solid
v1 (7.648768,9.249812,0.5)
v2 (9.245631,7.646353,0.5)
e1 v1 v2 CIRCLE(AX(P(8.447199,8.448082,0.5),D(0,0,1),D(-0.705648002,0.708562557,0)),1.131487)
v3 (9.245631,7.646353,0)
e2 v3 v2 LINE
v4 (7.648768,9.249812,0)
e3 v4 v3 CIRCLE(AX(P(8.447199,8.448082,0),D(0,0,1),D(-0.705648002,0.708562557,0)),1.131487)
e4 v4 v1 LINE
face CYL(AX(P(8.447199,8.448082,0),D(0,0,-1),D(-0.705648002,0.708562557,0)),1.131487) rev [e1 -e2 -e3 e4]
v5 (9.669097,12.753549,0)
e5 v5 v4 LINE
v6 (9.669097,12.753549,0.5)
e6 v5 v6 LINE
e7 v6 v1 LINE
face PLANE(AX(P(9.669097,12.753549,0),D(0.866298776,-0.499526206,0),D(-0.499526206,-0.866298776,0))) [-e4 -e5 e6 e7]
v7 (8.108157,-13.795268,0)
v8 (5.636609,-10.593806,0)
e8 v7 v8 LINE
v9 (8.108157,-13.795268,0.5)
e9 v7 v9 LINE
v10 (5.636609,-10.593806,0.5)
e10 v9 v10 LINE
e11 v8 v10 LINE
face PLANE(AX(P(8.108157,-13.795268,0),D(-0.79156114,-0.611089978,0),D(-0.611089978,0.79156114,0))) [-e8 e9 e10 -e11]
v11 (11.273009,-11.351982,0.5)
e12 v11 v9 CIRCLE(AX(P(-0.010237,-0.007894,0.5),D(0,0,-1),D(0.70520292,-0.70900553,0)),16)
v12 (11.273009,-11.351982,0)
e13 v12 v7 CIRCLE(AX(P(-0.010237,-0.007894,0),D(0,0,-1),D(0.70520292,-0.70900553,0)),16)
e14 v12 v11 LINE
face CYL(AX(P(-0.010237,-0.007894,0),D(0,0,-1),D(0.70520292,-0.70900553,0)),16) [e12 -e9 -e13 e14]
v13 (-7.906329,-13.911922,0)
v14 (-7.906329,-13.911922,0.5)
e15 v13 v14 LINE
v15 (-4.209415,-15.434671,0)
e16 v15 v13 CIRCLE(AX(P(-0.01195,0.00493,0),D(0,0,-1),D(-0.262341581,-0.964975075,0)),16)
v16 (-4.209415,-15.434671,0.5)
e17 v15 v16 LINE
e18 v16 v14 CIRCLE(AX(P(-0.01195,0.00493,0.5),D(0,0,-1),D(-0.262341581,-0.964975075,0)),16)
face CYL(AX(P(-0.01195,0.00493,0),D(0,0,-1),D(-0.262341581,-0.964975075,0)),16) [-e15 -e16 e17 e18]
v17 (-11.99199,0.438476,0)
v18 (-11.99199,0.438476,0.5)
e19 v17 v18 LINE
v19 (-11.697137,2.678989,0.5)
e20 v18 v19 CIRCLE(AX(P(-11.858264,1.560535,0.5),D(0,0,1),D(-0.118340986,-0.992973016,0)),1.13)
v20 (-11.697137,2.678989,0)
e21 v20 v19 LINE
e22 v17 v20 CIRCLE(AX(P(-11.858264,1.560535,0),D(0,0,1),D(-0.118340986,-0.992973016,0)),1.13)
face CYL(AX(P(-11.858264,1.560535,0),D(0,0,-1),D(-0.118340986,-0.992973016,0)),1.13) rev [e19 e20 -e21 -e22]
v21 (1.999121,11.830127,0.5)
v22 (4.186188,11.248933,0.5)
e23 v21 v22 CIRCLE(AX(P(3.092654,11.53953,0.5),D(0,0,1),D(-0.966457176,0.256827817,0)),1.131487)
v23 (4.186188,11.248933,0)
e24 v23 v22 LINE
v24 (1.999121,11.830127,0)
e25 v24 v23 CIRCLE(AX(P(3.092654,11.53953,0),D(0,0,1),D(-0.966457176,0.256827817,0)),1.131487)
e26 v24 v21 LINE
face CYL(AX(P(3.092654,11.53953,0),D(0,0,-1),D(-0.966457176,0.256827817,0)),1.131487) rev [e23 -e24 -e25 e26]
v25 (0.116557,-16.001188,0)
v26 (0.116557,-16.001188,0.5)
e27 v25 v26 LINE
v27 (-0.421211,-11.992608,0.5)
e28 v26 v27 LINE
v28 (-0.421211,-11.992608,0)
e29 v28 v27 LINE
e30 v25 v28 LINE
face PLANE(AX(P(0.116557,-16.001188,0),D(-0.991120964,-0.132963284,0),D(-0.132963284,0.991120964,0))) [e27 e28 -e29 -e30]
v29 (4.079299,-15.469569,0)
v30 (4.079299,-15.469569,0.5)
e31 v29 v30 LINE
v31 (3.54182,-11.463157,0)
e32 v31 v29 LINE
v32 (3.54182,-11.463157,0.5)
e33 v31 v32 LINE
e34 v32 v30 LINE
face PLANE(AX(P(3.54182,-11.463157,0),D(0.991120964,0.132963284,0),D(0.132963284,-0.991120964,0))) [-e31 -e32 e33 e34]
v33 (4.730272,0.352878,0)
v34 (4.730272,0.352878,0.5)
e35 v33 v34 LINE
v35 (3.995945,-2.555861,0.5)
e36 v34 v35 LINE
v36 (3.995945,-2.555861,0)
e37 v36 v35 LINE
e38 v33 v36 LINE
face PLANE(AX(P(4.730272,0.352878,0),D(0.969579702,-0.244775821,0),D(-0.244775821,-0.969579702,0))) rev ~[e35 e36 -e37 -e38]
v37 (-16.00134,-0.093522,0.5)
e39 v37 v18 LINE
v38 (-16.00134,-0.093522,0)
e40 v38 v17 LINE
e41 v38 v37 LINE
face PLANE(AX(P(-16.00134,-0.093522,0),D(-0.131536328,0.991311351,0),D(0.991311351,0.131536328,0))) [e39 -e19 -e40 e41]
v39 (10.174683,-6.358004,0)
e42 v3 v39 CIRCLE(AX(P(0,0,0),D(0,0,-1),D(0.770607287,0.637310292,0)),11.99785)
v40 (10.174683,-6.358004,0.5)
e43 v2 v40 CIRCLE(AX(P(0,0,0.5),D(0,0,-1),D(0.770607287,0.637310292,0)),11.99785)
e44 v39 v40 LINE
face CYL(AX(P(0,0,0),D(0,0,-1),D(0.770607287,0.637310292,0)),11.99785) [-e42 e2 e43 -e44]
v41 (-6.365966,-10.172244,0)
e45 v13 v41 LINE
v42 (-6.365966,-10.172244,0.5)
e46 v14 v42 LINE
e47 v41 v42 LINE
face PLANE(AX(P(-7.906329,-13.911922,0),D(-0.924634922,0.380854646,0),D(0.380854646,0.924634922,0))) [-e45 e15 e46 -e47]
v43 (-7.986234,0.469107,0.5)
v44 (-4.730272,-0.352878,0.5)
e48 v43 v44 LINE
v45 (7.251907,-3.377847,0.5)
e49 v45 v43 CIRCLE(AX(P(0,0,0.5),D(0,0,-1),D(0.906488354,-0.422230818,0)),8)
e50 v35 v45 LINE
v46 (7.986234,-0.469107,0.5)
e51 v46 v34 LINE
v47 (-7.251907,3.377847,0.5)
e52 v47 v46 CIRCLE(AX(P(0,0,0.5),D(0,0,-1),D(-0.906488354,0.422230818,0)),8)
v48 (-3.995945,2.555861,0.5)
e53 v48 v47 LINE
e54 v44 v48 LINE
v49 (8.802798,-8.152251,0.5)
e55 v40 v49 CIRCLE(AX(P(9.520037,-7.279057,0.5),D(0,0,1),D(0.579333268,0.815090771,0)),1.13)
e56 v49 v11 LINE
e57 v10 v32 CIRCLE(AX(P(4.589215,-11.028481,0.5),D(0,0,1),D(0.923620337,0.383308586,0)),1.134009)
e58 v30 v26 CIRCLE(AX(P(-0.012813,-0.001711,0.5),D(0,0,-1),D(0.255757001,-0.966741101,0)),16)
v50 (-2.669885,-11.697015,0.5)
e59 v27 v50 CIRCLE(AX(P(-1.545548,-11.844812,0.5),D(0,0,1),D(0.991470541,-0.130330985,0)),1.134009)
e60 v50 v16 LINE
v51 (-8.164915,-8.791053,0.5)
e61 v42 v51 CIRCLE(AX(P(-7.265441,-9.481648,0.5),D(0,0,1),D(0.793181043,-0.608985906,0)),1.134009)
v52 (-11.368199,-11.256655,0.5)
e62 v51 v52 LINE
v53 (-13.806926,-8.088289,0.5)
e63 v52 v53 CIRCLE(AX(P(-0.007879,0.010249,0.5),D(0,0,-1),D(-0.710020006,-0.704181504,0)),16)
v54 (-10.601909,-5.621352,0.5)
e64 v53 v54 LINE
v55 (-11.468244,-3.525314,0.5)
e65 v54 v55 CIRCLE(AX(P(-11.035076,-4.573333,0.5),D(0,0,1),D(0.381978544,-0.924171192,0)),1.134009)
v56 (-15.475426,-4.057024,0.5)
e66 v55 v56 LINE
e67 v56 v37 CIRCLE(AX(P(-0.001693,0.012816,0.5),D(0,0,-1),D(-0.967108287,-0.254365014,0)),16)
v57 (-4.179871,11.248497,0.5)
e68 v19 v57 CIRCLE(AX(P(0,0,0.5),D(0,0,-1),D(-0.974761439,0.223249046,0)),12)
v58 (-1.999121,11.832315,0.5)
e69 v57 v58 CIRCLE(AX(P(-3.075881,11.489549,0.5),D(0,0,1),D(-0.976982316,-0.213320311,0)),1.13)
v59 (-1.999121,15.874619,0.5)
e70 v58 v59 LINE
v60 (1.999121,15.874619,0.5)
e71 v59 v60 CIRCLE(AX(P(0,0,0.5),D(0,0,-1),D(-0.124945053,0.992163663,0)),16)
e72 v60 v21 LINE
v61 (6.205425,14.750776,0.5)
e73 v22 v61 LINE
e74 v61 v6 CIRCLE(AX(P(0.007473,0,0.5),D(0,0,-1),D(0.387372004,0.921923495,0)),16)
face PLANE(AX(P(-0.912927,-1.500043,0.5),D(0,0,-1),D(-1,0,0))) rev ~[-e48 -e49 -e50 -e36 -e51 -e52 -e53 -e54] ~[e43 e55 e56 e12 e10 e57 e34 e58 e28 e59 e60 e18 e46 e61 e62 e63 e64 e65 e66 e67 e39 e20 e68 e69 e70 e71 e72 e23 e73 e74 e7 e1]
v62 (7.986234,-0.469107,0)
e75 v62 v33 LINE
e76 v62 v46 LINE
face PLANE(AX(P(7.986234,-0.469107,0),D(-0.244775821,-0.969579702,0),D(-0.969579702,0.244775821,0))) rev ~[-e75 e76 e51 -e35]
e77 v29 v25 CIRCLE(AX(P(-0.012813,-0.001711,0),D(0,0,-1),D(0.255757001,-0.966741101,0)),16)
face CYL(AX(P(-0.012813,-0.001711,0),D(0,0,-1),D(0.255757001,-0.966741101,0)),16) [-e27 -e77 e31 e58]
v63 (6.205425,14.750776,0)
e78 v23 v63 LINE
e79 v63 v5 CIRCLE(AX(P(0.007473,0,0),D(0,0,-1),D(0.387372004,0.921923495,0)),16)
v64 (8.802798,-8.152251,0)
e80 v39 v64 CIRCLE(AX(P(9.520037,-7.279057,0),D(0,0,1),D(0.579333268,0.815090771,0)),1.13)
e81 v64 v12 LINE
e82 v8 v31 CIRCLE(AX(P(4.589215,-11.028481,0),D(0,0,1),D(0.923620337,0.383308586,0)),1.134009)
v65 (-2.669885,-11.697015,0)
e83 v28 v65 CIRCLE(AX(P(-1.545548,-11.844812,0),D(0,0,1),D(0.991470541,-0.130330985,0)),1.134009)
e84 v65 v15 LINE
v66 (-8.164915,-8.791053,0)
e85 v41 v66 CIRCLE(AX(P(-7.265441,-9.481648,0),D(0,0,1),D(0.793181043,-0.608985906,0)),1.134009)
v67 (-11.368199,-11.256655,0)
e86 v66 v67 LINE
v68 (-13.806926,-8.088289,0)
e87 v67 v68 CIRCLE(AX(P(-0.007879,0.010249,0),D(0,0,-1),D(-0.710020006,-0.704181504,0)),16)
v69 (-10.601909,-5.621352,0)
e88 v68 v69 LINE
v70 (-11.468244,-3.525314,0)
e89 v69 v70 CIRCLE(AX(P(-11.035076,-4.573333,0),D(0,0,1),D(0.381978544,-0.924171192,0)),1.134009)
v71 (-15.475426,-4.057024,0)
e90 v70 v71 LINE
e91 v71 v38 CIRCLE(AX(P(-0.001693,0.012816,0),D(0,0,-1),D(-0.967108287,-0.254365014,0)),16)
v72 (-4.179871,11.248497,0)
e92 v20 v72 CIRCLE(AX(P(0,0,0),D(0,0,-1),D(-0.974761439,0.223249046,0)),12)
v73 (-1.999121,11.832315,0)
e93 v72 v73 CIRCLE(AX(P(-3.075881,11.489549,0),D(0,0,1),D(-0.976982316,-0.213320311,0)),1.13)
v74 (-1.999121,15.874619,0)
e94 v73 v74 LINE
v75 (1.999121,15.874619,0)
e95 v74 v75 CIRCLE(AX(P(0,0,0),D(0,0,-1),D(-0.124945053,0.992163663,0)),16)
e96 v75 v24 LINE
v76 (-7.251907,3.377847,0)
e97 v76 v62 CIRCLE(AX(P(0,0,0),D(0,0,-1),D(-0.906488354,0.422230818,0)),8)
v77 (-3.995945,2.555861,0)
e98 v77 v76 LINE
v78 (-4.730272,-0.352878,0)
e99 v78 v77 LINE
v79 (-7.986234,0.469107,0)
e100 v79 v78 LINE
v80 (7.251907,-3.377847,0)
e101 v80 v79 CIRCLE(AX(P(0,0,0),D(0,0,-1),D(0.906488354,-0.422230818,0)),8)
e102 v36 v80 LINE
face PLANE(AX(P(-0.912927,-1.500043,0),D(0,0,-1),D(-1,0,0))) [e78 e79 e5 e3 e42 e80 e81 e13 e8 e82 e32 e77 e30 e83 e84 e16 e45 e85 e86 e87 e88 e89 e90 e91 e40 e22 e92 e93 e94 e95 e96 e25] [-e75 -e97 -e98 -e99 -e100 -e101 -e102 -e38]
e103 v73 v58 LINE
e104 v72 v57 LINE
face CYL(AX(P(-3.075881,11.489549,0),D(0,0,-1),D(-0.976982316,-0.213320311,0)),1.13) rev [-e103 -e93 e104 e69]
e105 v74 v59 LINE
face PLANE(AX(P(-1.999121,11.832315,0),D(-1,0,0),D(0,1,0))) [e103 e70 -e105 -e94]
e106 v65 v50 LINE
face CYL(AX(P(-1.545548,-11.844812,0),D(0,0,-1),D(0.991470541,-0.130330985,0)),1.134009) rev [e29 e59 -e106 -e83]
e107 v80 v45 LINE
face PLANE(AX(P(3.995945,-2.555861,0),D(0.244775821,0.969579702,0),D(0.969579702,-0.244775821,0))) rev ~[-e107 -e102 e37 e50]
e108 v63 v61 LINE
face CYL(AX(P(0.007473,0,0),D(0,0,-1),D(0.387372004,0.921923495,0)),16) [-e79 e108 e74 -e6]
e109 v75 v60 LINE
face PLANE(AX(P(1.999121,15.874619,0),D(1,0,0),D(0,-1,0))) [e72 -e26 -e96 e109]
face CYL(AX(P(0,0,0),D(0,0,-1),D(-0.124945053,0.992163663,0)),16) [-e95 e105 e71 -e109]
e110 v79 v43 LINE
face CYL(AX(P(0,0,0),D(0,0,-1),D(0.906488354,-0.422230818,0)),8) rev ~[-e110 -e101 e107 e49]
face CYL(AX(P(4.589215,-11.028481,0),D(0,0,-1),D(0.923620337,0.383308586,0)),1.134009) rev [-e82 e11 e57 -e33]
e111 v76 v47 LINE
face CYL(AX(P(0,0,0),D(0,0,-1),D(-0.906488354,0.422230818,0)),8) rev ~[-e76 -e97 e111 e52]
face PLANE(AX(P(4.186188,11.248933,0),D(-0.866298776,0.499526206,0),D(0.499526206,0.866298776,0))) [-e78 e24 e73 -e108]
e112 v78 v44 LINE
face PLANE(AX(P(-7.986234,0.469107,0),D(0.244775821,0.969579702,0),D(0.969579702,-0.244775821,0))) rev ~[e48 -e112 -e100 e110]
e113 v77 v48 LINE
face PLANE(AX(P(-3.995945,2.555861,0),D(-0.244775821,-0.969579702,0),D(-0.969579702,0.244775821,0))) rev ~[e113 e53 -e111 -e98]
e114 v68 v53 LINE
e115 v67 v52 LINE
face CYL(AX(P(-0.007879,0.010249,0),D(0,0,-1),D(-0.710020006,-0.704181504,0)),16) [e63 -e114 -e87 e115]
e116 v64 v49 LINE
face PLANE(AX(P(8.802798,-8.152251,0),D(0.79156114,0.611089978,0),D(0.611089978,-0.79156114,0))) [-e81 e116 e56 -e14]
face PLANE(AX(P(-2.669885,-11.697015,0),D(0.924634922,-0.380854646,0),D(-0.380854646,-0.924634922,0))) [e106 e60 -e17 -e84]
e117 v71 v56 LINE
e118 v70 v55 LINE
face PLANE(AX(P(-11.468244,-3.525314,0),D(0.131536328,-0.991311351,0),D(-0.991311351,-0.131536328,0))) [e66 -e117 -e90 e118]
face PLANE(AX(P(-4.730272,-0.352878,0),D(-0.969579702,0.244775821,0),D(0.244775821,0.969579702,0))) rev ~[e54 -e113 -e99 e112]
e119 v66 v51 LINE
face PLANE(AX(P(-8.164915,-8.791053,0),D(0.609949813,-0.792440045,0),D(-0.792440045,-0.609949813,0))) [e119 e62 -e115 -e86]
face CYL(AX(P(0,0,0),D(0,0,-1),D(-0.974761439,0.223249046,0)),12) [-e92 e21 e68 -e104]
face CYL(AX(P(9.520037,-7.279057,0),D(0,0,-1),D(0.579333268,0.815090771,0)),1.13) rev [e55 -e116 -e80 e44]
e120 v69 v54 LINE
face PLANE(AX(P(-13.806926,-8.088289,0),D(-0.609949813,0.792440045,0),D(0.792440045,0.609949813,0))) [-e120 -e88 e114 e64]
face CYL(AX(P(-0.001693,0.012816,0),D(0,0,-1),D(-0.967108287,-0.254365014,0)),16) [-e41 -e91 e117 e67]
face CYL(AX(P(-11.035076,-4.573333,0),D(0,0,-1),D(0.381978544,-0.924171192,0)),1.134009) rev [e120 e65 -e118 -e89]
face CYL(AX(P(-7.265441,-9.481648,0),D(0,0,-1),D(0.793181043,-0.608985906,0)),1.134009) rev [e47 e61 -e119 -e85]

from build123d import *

# Parameters (mm, degrees)
EXTRUSION1_DEPTH = 0.5


with BuildPart() as part:
    # Esquisse1 → Extrusion1 (new body)
    with BuildSketch(Plane.XY):
        with BuildLine():
            Line((1.99912085, 15.874618604), (1.99912085, 11.830127492))
            ThreePointArc((1.99912085, 11.830127492), (2.802057184, 10.445996528), (4.186188149, 11.248932862))
            Line((4.186188149, 11.248932862), (6.205424959, 14.750775921))
            ThreePointArc((6.205424959, 14.750775921), (7.999892198, 13.860780417), (9.669096851, 12.753549413))
            Line((9.669096851, 12.753549413), (7.648767549, 9.249811713))
            ThreePointArc((7.648767549, 9.249811713), (7.645469769, 7.649650968), (9.245630513, 7.646353187))
            ThreePointArc((9.245630513, 7.646353187), (11.971535209, 0.794194802), (10.174683291, -6.358004449))
            ThreePointArc((10.174683291, -6.358004449), (8.622367496, -6.592697054), (8.80279787, -8.152251421))
            Line((8.80279787, -8.152251421), (11.27300937, -11.35198223))
            ThreePointArc((11.27300937, -11.35198223), (9.767202306, -12.672871988), (8.108156612, -13.795267665))
            Line((8.108156612, -13.795267665), (5.636608626, -10.593805669))
            ThreePointArc((5.636608626, -10.593805669), (4.154539047, -9.981087108), (3.541820486, -11.463156687))
            Line((3.541820486, -11.463156687), (4.079298509, -15.469568982))
            ThreePointArc((4.079298509, -15.469568982), (2.114599048, -15.859646786), (0.116557342, -16.00118833))
            Line((0.116557342, -16.00118833), (-0.42121148, -11.9926084))
            ThreePointArc((-0.42121148, -11.9926084), (-1.397751762, -10.720475015), (-2.669885147, -11.697015298))
            Line((-2.669885147, -11.697015298), (-4.209415427, -15.434670796))
            ThreePointArc((-4.209415427, -15.434670796), (-6.105624465, -14.78922835), (-7.906329329, -13.91192187))
            Line((-7.906329329, -13.91192187), (-6.3659661, -10.172244146))
            ThreePointArc((-6.3659661, -10.172244146), (-6.574845101, -8.58217376), (-8.164915488, -8.791052761))
            Line((-8.164915488, -8.791052761), (-11.3681991, -11.256655367))
            ThreePointArc((-11.3681991, -11.256655367), (-12.686919728, -9.748948309), (-13.806925878, -8.088288533))
            Line((-13.806925878, -8.088288533), (-10.601909158, -5.621351934))
            ThreePointArc((-10.601909158, -5.621351934), (-9.987057643, -4.140165962), (-11.468243615, -3.525314447))
            Line((-11.468243615, -3.525314447), (-15.475425513, -4.05702428))
            ThreePointArc((-15.475425513, -4.05702428), (-15.86267453, -2.091765297), (-16.001339545, -0.093521899))
            Line((-16.001339545, -0.093521899), (-11.991989597, 0.438475611))
            ThreePointArc((-11.991989597, 0.438475611), (-10.737924032, 1.413097931), (-11.69713727, 2.678988555))
            ThreePointArc((-11.69713727, 2.678988555), (-9.021028947, 7.913345483), (-4.179870655, 11.248496846))
            ThreePointArc((-4.179870655, 11.248496846), (-2.783654446, 10.397988514), (-1.99912085, 11.832314545))
            Line((-1.99912085, 11.832314545), (-1.99912085, 15.874618604))
            ThreePointArc((-1.99912085, 15.874618604), (0, 16), (1.99912085, 15.874618604))
        make_face()
        with BuildLine():
            Line((7.986234295, -0.469107442), (4.730272388, 0.352878359))
            Line((4.730272388, 0.352878359), (3.995944926, -2.555860746))
            Line((3.995944926, -2.555860746), (7.251906832, -3.377846547))
            ThreePointArc((7.251906832, -3.377846547), (-1.958206566, -7.756637612), (-7.986234295, 0.469107442))
            Line((-7.986234295, 0.469107442), (-4.730272388, -0.352878359))
            Line((-4.730272388, -0.352878359), (-3.995944926, 2.555860746))
            Line((-3.995944926, 2.555860746), (-7.251906832, 3.377846547))
            ThreePointArc((-7.251906832, 3.377846547), (1.958206566, 7.756637612), (7.986234295, -0.469107442))
        make_face(mode=Mode.SUBTRACT)
    extrude(amount=EXTRUSION1_DEPTH)


solid = part.part
